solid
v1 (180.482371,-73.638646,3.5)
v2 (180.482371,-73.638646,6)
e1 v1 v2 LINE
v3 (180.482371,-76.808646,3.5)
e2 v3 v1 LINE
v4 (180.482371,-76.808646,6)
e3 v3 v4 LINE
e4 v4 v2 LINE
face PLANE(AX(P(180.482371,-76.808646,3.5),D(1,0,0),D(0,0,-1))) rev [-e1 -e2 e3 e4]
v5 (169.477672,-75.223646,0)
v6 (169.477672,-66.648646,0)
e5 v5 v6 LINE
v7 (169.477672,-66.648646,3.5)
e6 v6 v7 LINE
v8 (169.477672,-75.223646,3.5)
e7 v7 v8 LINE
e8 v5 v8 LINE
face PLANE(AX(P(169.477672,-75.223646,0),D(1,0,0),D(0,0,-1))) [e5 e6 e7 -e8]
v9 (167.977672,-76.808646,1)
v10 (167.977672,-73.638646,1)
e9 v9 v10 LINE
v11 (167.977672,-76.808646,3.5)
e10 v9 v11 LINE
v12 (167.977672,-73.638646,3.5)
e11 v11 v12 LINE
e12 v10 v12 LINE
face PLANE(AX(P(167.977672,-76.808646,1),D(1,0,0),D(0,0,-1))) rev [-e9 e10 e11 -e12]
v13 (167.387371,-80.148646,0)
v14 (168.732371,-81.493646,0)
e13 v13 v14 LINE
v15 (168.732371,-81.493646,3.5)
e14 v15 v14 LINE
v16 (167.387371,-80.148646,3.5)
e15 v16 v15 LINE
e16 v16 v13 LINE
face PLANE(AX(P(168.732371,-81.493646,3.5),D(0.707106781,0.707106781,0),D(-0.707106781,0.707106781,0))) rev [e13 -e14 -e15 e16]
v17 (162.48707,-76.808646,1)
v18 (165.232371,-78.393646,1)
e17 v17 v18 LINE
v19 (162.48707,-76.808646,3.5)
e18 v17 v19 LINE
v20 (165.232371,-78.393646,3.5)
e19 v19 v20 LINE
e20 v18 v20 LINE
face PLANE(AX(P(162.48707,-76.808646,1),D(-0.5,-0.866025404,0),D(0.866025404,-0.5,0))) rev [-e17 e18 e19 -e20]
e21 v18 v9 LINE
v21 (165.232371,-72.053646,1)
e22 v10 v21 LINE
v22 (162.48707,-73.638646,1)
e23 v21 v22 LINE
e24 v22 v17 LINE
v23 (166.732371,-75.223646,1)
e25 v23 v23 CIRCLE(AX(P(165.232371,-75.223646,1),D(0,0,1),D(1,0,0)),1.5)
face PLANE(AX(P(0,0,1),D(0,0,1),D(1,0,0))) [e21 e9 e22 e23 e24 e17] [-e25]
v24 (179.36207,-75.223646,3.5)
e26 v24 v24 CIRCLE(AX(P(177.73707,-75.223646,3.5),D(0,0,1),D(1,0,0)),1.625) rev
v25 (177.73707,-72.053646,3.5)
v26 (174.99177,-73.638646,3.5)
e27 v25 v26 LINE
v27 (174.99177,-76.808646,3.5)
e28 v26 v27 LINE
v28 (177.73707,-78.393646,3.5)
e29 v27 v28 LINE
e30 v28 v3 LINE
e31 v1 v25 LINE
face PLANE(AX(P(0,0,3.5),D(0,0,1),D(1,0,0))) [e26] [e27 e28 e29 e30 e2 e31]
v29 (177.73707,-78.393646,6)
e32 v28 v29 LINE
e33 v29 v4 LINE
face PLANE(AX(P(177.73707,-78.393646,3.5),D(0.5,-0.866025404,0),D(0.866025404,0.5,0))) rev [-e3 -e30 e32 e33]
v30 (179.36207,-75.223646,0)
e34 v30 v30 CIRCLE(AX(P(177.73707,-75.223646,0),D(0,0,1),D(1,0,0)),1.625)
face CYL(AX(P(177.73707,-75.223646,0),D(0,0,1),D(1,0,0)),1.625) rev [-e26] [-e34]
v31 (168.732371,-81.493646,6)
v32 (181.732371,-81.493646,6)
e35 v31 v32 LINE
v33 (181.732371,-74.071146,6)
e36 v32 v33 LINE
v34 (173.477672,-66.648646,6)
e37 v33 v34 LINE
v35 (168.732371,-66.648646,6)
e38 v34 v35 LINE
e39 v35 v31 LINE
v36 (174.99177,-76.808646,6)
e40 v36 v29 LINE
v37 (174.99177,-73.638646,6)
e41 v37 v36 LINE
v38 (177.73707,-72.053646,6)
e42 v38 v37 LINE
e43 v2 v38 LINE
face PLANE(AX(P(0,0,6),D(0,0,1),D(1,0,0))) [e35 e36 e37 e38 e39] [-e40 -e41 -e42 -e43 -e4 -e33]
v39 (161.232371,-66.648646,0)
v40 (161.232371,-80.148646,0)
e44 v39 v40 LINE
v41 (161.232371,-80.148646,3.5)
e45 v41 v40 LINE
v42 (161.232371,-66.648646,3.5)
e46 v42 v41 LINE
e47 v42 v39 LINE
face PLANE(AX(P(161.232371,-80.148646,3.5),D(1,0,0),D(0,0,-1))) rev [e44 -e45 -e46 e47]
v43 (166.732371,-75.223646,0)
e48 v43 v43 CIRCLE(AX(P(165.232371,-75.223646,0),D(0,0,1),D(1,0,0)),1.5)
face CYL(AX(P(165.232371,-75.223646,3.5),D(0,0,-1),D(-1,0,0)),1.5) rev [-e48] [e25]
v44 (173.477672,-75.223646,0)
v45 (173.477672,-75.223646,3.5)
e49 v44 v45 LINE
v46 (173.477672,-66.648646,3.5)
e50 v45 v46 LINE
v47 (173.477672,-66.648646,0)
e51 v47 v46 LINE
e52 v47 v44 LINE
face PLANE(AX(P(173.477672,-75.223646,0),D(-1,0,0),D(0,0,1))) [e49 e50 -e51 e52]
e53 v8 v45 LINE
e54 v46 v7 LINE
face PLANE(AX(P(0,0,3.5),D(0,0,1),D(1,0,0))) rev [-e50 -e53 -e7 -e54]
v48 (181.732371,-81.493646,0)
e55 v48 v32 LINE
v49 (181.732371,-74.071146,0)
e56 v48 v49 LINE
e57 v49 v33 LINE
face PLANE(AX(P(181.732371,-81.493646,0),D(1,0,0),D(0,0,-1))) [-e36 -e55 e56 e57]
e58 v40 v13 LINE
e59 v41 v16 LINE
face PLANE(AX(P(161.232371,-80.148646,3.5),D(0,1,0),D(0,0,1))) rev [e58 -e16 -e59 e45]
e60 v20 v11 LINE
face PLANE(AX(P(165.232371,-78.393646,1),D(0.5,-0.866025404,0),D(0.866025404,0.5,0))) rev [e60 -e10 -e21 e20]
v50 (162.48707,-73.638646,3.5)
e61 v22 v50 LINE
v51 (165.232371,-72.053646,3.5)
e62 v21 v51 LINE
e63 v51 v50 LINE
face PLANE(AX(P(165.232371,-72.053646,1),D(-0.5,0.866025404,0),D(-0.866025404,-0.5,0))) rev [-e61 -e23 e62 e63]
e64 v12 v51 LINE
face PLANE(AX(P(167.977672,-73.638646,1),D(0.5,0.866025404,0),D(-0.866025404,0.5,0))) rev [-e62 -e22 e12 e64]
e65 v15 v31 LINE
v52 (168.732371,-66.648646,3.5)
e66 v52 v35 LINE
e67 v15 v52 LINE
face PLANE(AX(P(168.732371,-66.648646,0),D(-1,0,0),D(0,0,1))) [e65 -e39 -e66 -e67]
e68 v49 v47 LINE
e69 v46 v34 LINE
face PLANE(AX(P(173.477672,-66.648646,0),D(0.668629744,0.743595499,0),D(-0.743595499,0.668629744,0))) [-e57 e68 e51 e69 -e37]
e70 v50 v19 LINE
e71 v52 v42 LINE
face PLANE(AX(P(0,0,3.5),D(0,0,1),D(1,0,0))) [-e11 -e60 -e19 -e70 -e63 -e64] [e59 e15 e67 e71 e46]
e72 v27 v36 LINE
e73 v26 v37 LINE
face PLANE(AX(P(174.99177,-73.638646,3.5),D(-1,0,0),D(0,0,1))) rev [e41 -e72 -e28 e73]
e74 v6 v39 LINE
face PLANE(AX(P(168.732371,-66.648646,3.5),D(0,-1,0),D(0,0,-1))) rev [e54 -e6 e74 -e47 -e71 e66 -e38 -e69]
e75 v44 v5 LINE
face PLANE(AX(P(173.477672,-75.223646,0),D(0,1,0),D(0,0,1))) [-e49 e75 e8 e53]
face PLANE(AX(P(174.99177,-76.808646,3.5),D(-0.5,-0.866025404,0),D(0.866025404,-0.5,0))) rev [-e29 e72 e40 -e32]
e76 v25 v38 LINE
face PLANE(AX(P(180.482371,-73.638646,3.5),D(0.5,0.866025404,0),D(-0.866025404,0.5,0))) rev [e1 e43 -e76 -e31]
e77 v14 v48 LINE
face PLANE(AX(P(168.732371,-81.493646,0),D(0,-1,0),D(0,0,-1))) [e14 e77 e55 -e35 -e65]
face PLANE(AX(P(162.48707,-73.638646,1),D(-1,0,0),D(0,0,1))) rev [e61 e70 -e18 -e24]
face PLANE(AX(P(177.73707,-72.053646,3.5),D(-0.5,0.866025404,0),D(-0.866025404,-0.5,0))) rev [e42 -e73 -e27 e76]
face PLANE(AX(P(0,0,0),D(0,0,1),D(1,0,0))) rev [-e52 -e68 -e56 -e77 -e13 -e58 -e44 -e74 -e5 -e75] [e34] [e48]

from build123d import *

# Parameters (mm, degrees)
CROQUIS1_R                   = 1.5
SALIENTE_EXTRUIR1_DEPTH      = 3.5
SALIENTE_EXTRUIR2_DEPTH      = 2.5
SALIENTE_EXTRUIR2_DEPTH_BACK = 3.5
CROQUIS3_R                   = 1.625
CORTAR_EXTRUIR1_DEPTH        = 2.5
CORTAR_EXTRUIR2_DEPTH        = 2.5
CROQUIS6_W                   = 4
CROQUIS6_H                   = 8.575
SALIENTE_EXTRUIR4_DEPTH      = 2.5


with BuildPart() as part:
    # Croquis1 → Saliente-Extruir1 (new body)
    with BuildSketch(Plane.XY):
        Polygon((168.732371, -66.648646), (161.232371, -66.648646), (161.232371, -80.148646), (167.387371, -80.148646), (168.732371, -81.493646), (168.732371, -80.148646), align=None)
        with Locations((165.232371, -75.223646)):
            Circle(CROQUIS1_R, mode=Mode.SUBTRACT)
    extrude(amount=SALIENTE_EXTRUIR1_DEPTH)

    # Croquis3 → Saliente-Extruir2 (add, two sides: drawn at the far end of the back side and taken through both)
    with BuildSketch(Plane.XY.offset(3.5).offset(-SALIENTE_EXTRUIR2_DEPTH_BACK)):
        Polygon((168.732371, -81.493646), (181.732371, -81.493646), (181.732371, -74.071146), (173.47767153, -66.648646), (173.47767153, -75.223646), (169.47767153, -75.223646), (169.47767153, -66.648646), (168.732371, -66.648646), align=None)
        with Locations((177.73707047, -75.223646)):
            Circle(CROQUIS3_R, mode=Mode.SUBTRACT)
    extrude(amount=SALIENTE_EXTRUIR2_DEPTH + SALIENTE_EXTRUIR2_DEPTH_BACK)

    # Croquis4 → Cortar-Extruir1 (cut)
    with BuildSketch(Plane.XY.offset(6)):
        Polygon((177.73707047, -78.393646), (180.482371, -76.808646), (180.482371, -73.638646), (177.73707047, -72.053646), (174.99176994, -73.638646), (174.99176994, -76.808646), align=None)
    extrude(amount=-CORTAR_EXTRUIR1_DEPTH, mode=Mode.SUBTRACT)

    # Croquis5 → Cortar-Extruir2 (cut)
    with BuildSketch(Plane.XY.offset(3.5)):
        Polygon((165.232371, -78.393646), (167.97767153, -76.808646), (167.97767153, -73.638646), (165.232371, -72.053646), (162.48707047, -73.638646), (162.48707047, -76.808646), align=None)
    extrude(amount=-CORTAR_EXTRUIR2_DEPTH, mode=Mode.SUBTRACT)

    # Croquis6 → Saliente-Extruir4 (add)
    with BuildSketch(Plane.XY.offset(6)):
        with Locations((171.47767153, -70.936146)):
            Rectangle(CROQUIS6_W, CROQUIS6_H)
    extrude(amount=-SALIENTE_EXTRUIR4_DEPTH)


solid = part.part
